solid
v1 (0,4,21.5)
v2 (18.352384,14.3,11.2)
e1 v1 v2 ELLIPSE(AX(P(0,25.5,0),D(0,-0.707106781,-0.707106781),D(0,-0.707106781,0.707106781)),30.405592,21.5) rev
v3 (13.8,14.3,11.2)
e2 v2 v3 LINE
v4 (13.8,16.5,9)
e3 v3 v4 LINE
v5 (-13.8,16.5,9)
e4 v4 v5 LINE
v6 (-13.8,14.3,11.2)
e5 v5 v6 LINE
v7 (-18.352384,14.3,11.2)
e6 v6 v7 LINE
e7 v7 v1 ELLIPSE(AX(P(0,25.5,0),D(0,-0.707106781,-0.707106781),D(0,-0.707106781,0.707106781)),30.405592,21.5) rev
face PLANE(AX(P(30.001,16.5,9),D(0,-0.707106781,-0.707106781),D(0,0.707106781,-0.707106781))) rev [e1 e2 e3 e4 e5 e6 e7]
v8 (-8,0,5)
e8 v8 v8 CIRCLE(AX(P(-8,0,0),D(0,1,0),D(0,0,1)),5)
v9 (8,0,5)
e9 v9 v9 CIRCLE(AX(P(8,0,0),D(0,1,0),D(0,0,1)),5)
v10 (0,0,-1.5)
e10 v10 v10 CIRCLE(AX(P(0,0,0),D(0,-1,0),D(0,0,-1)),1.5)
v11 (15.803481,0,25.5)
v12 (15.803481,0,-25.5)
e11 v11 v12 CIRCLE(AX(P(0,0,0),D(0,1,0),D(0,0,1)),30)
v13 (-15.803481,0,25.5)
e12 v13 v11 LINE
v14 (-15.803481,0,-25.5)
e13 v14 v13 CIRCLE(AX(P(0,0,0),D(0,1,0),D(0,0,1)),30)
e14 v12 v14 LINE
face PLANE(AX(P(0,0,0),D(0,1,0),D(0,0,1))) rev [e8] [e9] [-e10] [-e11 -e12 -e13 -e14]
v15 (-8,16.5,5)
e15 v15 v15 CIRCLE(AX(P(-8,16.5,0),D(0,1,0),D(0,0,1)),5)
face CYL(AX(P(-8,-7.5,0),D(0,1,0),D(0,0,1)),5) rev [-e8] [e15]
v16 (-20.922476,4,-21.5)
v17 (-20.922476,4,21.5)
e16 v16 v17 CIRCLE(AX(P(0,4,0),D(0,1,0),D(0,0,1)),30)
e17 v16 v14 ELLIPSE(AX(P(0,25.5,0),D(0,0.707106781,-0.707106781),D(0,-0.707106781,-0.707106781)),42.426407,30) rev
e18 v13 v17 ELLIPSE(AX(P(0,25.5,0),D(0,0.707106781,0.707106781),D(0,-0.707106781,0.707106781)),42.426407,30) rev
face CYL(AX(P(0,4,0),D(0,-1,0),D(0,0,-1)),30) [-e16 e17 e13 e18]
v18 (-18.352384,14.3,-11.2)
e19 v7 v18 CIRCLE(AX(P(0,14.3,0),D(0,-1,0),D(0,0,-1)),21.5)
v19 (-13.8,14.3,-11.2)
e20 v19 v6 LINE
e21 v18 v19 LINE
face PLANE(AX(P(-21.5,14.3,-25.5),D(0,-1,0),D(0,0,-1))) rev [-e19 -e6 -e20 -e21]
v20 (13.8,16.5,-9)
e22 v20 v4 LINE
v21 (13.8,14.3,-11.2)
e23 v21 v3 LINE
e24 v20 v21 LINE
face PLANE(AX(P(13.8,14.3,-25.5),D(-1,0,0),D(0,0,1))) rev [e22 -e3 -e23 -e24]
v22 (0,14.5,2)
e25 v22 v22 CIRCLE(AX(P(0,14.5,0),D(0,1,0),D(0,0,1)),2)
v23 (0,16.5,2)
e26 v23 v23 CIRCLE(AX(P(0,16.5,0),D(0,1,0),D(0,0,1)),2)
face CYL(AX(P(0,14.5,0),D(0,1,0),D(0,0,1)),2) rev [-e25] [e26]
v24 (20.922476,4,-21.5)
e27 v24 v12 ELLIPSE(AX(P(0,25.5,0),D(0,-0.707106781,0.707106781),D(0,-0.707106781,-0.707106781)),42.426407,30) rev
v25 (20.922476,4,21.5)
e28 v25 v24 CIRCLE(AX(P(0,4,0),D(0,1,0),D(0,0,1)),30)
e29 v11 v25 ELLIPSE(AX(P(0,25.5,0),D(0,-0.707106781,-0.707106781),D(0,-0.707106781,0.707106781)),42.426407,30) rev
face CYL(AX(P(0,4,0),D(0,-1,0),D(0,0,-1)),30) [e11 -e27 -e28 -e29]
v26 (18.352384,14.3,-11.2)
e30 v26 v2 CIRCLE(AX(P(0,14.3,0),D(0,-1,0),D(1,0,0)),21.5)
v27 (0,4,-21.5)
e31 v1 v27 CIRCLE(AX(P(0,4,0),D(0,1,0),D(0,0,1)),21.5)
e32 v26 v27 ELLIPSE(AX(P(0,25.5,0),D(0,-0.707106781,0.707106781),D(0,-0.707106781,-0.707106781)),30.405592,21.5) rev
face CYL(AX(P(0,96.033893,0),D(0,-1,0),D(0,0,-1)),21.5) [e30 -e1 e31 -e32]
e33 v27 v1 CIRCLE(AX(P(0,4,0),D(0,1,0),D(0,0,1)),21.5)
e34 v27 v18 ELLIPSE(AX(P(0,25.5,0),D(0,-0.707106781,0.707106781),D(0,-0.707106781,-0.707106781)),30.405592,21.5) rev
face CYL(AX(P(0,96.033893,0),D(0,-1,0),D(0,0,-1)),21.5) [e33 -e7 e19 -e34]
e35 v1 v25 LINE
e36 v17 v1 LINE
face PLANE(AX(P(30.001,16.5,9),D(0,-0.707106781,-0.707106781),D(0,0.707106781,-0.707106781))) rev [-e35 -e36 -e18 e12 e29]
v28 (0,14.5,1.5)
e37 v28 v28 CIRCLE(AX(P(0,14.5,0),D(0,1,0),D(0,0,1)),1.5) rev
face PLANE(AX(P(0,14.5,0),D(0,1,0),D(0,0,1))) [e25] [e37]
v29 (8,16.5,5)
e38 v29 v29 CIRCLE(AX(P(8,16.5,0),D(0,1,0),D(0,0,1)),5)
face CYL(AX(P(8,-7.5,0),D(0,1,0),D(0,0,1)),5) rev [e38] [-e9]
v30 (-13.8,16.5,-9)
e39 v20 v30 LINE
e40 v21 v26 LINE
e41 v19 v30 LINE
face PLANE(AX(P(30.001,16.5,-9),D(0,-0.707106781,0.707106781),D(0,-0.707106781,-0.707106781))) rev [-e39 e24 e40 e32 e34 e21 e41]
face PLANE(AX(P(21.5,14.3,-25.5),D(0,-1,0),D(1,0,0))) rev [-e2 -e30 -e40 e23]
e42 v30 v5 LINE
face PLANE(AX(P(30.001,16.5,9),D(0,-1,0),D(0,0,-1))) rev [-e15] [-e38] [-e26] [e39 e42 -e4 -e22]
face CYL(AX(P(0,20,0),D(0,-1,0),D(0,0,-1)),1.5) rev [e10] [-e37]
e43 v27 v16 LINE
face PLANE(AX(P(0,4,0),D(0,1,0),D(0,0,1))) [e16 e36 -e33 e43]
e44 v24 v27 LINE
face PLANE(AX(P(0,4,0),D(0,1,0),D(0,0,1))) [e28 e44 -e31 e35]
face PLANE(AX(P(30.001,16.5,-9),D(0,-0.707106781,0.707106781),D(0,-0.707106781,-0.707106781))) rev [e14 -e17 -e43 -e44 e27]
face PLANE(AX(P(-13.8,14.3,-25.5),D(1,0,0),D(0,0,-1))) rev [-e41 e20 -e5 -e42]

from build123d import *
from build123d.topology import SkipClean

# Parameters (mm, degrees)
SKETCH1_R                            = 30
BOSS_EXTRUDE1_DEPTH                  = 4
BOSS_EXTRUDE2_REACH                  = 44.615
BOSS_EXTRUDE2_END_RADIUS             = 30
BOSS_EXTRUDE2_DIRECTION_2_REACH      = 44.615
BOSS_EXTRUDE2_DIRECTION_2_END_RADIUS = 30
SKETCH3_OUTSIDE_W                    = 78.092
SKETCH3_OUTSIDE_H                    = 69.092
SKETCH3_OUTSIDE_R                    = 21.5
CUT_EXTRUDE2_DEPTH                   = 12.5
BOSS_EXTRUDE3_DEPTH                  = 18
BOSS_EXTRUDE4_DEPTH                  = 15
BOSS_EXTRUDE5_DEPTH                  = 15
CUT_EXTRUDE3_DEPTH                   = 44.292609069
CUT_EXTRUDE3_DEPTH_BACK              = 44.292609069
SKETCH8_R                            = 2
CUT_EXTRUDE8_DEPTH                   = 48.077064479
CUT_EXTRUDE8_DEPTH_BACK              = 48.077064479
CUT_EXTRUDE9_DEPTH                   = 59.659818207
CUT_EXTRUDE11_DEPTH                  = 20
CUT_EXTRUDE12_DEPTH                  = 20
CUT_EXTRUDE13_DEPTH                  = 20
CUT_EXTRUDE14_DEPTH                  = 44.292609069
CUT_EXTRUDE14_DEPTH_BACK             = 44.292609069
SKETCH25_W                           = 66.075437062
SKETCH25_H                           = 20.142243048
SKETCH26_R                           = 5
CUT_EXTRUDE15_DEPTH                  = 24
CUT_EXTRUDE17_DEPTH                  = 47.524187258
CUT_EXTRUDE17_DEPTH_BACK             = 47.524187258
SKETCH29_W                           = 7.7
SKETCH29_H                           = 2.2
CUT_EXTRUDE18_DEPTH                  = 47.524187258
CUT_EXTRUDE18_DEPTH_BACK             = 47.524187258
SKETCH31_W                           = 7.7
SKETCH31_H                           = 2.2
SKETCH34_R                           = 1.5
CUT_EXTRUDE21_DEPTH                  = 20
SKETCH35_R                           = 2
CUT_EXTRUDE22_DEPTH                  = 2


with BuildPart() as part:
    # Sketch1 → Boss-Extrude1 (new body)
    with BuildSketch(Plane(origin=(0, 0, 0), x_dir=(1, 0, 0), z_dir=(0, 1, 0))):
        with Locations(Location((0, 0, 0), (0, 0, 270))):
            Circle(SKETCH1_R)
    extrude(amount=BOSS_EXTRUDE1_DEPTH)

    # Boss-Extrude2: up to this cylinder (the profile starts inside it)
    with SkipClean():  # the faces are left unmerged after this step: merging them gives an invalid solid
        boss_extrude2_end = Plane(origin=(0, 9.396175, 0), z_dir=(0, -1, 0)) * Cylinder(BOSS_EXTRUDE2_END_RADIUS, 150.23, mode=Mode.PRIVATE)
        # Sketch2 → Boss-Extrude2 (add, up to the surface)
        with BuildSketch(Plane(origin=(0, 0, 0), x_dir=(0, 0, -1), z_dir=(1, 0, 0)), mode=Mode.PRIVATE) as boss_extrude2_sk1:
            Polygon((0, 4), (21.5, 4), (9, 16.5), (-9, 16.5), (-21.5, 4), align=None)
        boss_extrude2_tool1 = extrude(boss_extrude2_sk1.sketch, amount=BOSS_EXTRUDE2_REACH, mode=Mode.PRIVATE) & boss_extrude2_end
        add(boss_extrude2_tool1.solids().sort_by_distance((0, 9.396175, 0))[0])

    # Boss-Extrude2 direction 2: up to this cylinder (the profile starts inside it)
    with SkipClean():  # the faces are left unmerged after this step: merging them gives an invalid solid
        boss_extrude2_direction_2_end = Plane(origin=(0, 9.396175, 0), z_dir=(0, -1, 0)) * Cylinder(BOSS_EXTRUDE2_DIRECTION_2_END_RADIUS, 150.23, mode=Mode.PRIVATE)
        # Sketch2 → Boss-Extrude2 direction 2 (add, up to the surface)
        with BuildSketch(Plane(origin=(0, 0, 0), x_dir=(0, 0, -1), z_dir=(1, 0, 0)), mode=Mode.PRIVATE) as boss_extrude2_direction_2_sk1:
            Polygon((0, 4), (21.5, 4), (9, 16.5), (-9, 16.5), (-21.5, 4), align=None)
        boss_extrude2_direction_2_tool1 = extrude(boss_extrude2_direction_2_sk1.sketch, amount=-BOSS_EXTRUDE2_DIRECTION_2_REACH, mode=Mode.PRIVATE) & boss_extrude2_direction_2_end
        add(boss_extrude2_direction_2_tool1.solids().sort_by_distance((0, 9.396175, 0))[0])

    # SurfaceCut1
    split(bisect_by=Plane(origin=(0, 12.75, -12.75), x_dir=(1, 0, 0), z_dir=(0, 0.7071067811865558, -0.7071067811865392)), keep=Keep.BOTTOM)

    # SurfaceCut2
    split(bisect_by=Plane(origin=(0, 12.75, 12.75), x_dir=(1, 0, 0), z_dir=(0, 0.7071067811865509, 0.7071067811865442)), keep=Keep.BOTTOM)

    # Sketch3 outside → Cut-Extrude2 (cut)
    with BuildSketch(Plane(origin=(0, 4, 0), x_dir=(1, 0, 0), z_dir=(0, 1, 0))):
        Rectangle(SKETCH3_OUTSIDE_W, SKETCH3_OUTSIDE_H)
        Circle(SKETCH3_OUTSIDE_R, mode=Mode.SUBTRACT)
    extrude(amount=CUT_EXTRUDE2_DEPTH, mode=Mode.SUBTRACT)

    # Sketch5 → Boss-Extrude3 (add)
    with BuildSketch(Plane(origin=(0, 0, 0), x_dir=(-1, 0, 0), z_dir=(0, -1, 0))):
        Polygon((0, -6), (-17.5, -6), (-17.5, 6), (17.5, 6), (17.5, -6), align=None)
    extrude(amount=BOSS_EXTRUDE3_DEPTH)

    # Sketch6 → Boss-Extrude4 (add)
    with BuildSketch(Plane.XZ):
        Polygon((0, 15), (7, 15), (7, 6), (-7, 6), (-7, 15), align=None)
    extrude(amount=BOSS_EXTRUDE4_DEPTH)

    # Sketch7 → Boss-Extrude5 (add)
    with BuildSketch(Plane.XZ):
        Polygon((0, -15), (7, -15), (7, -6), (-7, -6), (-7, -15), align=None)
    extrude(amount=BOSS_EXTRUDE5_DEPTH)

    # Sketch8 → Cut-Extrude3 (cut, two sides: drawn at the far end of the back side and taken through both)
    with BuildSketch(Plane.XY.offset(-CUT_EXTRUDE3_DEPTH_BACK)):
        with Locations((-12.5, -12.5)):
            Circle(SKETCH8_R)
        with Locations((12.5, -12.5)):
            Circle(SKETCH8_R)
    extrude(amount=CUT_EXTRUDE3_DEPTH + CUT_EXTRUDE3_DEPTH_BACK, mode=Mode.SUBTRACT)

    # Sketch16 → Cut-Extrude8 (cut, two sides: drawn at the far end of the back side and taken through both)
    with BuildSketch(Plane.XY.offset(6).offset(-CUT_EXTRUDE8_DEPTH_BACK)):
        Polygon((17.5, -18), (17.5, -14.5), (14, -18), align=None)
        Polygon((-17.5, -18), (-14, -18), (-17.5, -14.5), align=None)
    extrude(amount=CUT_EXTRUDE8_DEPTH + CUT_EXTRUDE8_DEPTH_BACK, mode=Mode.SUBTRACT)

    # Sketch17 → Cut-Extrude9 (cut, through all)
    with BuildSketch(Plane(origin=(10.365975269, -9.674910251, -8.062425209), x_dir=(-0.3613483622370374, 0.337258471421235, -0.8693009171531012), z_dir=(0.6355070151731325, -0.5931398808282571, -0.49428323402354774))):
        Polygon((-2.372510104, -6.189601271), (7.980636686, -0.706686759), (7.980636686, -10.965829024), align=None)
    extrude(amount=CUT_EXTRUDE9_DEPTH, mode=Mode.SUBTRACT)

    # Sketch19 → Cut-Extrude11 (cut)
    with BuildSketch(Plane(origin=(-10.365975269, -9.674910251, -8.062425209), x_dir=(0.3613483622370374, 0.33725847142123494, -0.8693009171531012), z_dir=(0.6355070151731324, 0.5931398808282571, 0.4942832340235476))):
        Polygon((-2.372510104, -6.189601271), (7.980636686, -10.965829024), (7.980636686, -0.706686759), align=None)
    extrude(amount=-CUT_EXTRUDE11_DEPTH, mode=Mode.SUBTRACT)

    # Sketch20 → Cut-Extrude12 (cut)
    with BuildSketch(Plane(origin=(-10.365975269, -9.674910251, 8.062425209), x_dir=(-0.3613483622370374, -0.3372584714212349, -0.8693009171531013), z_dir=(0.6355070151731326, 0.593139880828257, -0.49428323402354757))):
        Polygon((2.372510104, -6.189601271), (-7.980636686, -0.706686759), (-7.980636686, -10.965829024), align=None)
    extrude(amount=-CUT_EXTRUDE12_DEPTH, mode=Mode.SUBTRACT)

    # Sketch21 → Cut-Extrude13 (cut)
    with BuildSketch(Plane(origin=(10.365975269, -9.674910251, 8.062425209), x_dir=(-0.3613483622370374, 0.3372584714212349, 0.8693009171531013), z_dir=(-0.6355070151731326, 0.593139880828257, -0.49428323402354757))):
        Polygon((-2.372510104, -6.189601271), (7.980636686, -0.706686759), (7.980636686, -10.965829024), align=None)
    extrude(amount=-CUT_EXTRUDE13_DEPTH, mode=Mode.SUBTRACT)

    # Sketch25 → Cut-Extrude14 (cut, two sides: drawn at the far end of the back side and taken through both)
    with BuildSketch(Plane.XY.offset(-CUT_EXTRUDE14_DEPTH_BACK)):
        with Locations((0, -10.071121524)):
            Rectangle(SKETCH25_W, SKETCH25_H)
    extrude(amount=CUT_EXTRUDE14_DEPTH + CUT_EXTRUDE14_DEPTH_BACK, mode=Mode.SUBTRACT)

    # Sketch26 → Cut-Extrude15 (cut)
    with BuildSketch(Plane(origin=(0, 16.5, 0), x_dir=(1, 0, 0), z_dir=(0, 1, 0))):
        with Locations(Location((-8, 0, 0), (0, 0, 270))):
            Circle(SKETCH26_R)
        with Locations(Location((8, 0, 0), (0, 0, 270))):
            Circle(SKETCH26_R)
    extrude(amount=-CUT_EXTRUDE15_DEPTH, mode=Mode.SUBTRACT)

    # Sketch29 → Cut-Extrude17 (cut, two sides: drawn at the far end of the back side and taken through both)
    with BuildSketch(Plane.XY.offset(6).offset(-CUT_EXTRUDE17_DEPTH_BACK)):
        with Locations((17.65, 15.4)):
            Rectangle(SKETCH29_W, SKETCH29_H)
    extrude(amount=CUT_EXTRUDE17_DEPTH + CUT_EXTRUDE17_DEPTH_BACK, mode=Mode.SUBTRACT)

    # Sketch31 → Cut-Extrude18 (cut, two sides: drawn at the far end of the back side and taken through both)
    with BuildSketch(Plane.XY.offset(6).offset(-CUT_EXTRUDE18_DEPTH_BACK)):
        with Locations((-17.65, 15.4)):
            Rectangle(SKETCH31_W, SKETCH31_H)
    extrude(amount=CUT_EXTRUDE18_DEPTH + CUT_EXTRUDE18_DEPTH_BACK, mode=Mode.SUBTRACT)

    # Sketch34 → Cut-Extrude21 (cut)
    with BuildSketch(Plane.XZ):
        with Locations(Location((0, 0, 0), (0, 0, 270))):
            Circle(SKETCH34_R)
    extrude(amount=-CUT_EXTRUDE21_DEPTH, mode=Mode.SUBTRACT)

    # Sketch35 → Cut-Extrude22 (cut)
    with BuildSketch(Plane(origin=(0, 16.5, 0), x_dir=(1, 0, 0), z_dir=(0, 1, 0))):
        with Locations(Location((0, 0, 0), (0, 0, 270))):
            Circle(SKETCH35_R)
    extrude(amount=-CUT_EXTRUDE22_DEPTH, mode=Mode.SUBTRACT)


solid = part.part
